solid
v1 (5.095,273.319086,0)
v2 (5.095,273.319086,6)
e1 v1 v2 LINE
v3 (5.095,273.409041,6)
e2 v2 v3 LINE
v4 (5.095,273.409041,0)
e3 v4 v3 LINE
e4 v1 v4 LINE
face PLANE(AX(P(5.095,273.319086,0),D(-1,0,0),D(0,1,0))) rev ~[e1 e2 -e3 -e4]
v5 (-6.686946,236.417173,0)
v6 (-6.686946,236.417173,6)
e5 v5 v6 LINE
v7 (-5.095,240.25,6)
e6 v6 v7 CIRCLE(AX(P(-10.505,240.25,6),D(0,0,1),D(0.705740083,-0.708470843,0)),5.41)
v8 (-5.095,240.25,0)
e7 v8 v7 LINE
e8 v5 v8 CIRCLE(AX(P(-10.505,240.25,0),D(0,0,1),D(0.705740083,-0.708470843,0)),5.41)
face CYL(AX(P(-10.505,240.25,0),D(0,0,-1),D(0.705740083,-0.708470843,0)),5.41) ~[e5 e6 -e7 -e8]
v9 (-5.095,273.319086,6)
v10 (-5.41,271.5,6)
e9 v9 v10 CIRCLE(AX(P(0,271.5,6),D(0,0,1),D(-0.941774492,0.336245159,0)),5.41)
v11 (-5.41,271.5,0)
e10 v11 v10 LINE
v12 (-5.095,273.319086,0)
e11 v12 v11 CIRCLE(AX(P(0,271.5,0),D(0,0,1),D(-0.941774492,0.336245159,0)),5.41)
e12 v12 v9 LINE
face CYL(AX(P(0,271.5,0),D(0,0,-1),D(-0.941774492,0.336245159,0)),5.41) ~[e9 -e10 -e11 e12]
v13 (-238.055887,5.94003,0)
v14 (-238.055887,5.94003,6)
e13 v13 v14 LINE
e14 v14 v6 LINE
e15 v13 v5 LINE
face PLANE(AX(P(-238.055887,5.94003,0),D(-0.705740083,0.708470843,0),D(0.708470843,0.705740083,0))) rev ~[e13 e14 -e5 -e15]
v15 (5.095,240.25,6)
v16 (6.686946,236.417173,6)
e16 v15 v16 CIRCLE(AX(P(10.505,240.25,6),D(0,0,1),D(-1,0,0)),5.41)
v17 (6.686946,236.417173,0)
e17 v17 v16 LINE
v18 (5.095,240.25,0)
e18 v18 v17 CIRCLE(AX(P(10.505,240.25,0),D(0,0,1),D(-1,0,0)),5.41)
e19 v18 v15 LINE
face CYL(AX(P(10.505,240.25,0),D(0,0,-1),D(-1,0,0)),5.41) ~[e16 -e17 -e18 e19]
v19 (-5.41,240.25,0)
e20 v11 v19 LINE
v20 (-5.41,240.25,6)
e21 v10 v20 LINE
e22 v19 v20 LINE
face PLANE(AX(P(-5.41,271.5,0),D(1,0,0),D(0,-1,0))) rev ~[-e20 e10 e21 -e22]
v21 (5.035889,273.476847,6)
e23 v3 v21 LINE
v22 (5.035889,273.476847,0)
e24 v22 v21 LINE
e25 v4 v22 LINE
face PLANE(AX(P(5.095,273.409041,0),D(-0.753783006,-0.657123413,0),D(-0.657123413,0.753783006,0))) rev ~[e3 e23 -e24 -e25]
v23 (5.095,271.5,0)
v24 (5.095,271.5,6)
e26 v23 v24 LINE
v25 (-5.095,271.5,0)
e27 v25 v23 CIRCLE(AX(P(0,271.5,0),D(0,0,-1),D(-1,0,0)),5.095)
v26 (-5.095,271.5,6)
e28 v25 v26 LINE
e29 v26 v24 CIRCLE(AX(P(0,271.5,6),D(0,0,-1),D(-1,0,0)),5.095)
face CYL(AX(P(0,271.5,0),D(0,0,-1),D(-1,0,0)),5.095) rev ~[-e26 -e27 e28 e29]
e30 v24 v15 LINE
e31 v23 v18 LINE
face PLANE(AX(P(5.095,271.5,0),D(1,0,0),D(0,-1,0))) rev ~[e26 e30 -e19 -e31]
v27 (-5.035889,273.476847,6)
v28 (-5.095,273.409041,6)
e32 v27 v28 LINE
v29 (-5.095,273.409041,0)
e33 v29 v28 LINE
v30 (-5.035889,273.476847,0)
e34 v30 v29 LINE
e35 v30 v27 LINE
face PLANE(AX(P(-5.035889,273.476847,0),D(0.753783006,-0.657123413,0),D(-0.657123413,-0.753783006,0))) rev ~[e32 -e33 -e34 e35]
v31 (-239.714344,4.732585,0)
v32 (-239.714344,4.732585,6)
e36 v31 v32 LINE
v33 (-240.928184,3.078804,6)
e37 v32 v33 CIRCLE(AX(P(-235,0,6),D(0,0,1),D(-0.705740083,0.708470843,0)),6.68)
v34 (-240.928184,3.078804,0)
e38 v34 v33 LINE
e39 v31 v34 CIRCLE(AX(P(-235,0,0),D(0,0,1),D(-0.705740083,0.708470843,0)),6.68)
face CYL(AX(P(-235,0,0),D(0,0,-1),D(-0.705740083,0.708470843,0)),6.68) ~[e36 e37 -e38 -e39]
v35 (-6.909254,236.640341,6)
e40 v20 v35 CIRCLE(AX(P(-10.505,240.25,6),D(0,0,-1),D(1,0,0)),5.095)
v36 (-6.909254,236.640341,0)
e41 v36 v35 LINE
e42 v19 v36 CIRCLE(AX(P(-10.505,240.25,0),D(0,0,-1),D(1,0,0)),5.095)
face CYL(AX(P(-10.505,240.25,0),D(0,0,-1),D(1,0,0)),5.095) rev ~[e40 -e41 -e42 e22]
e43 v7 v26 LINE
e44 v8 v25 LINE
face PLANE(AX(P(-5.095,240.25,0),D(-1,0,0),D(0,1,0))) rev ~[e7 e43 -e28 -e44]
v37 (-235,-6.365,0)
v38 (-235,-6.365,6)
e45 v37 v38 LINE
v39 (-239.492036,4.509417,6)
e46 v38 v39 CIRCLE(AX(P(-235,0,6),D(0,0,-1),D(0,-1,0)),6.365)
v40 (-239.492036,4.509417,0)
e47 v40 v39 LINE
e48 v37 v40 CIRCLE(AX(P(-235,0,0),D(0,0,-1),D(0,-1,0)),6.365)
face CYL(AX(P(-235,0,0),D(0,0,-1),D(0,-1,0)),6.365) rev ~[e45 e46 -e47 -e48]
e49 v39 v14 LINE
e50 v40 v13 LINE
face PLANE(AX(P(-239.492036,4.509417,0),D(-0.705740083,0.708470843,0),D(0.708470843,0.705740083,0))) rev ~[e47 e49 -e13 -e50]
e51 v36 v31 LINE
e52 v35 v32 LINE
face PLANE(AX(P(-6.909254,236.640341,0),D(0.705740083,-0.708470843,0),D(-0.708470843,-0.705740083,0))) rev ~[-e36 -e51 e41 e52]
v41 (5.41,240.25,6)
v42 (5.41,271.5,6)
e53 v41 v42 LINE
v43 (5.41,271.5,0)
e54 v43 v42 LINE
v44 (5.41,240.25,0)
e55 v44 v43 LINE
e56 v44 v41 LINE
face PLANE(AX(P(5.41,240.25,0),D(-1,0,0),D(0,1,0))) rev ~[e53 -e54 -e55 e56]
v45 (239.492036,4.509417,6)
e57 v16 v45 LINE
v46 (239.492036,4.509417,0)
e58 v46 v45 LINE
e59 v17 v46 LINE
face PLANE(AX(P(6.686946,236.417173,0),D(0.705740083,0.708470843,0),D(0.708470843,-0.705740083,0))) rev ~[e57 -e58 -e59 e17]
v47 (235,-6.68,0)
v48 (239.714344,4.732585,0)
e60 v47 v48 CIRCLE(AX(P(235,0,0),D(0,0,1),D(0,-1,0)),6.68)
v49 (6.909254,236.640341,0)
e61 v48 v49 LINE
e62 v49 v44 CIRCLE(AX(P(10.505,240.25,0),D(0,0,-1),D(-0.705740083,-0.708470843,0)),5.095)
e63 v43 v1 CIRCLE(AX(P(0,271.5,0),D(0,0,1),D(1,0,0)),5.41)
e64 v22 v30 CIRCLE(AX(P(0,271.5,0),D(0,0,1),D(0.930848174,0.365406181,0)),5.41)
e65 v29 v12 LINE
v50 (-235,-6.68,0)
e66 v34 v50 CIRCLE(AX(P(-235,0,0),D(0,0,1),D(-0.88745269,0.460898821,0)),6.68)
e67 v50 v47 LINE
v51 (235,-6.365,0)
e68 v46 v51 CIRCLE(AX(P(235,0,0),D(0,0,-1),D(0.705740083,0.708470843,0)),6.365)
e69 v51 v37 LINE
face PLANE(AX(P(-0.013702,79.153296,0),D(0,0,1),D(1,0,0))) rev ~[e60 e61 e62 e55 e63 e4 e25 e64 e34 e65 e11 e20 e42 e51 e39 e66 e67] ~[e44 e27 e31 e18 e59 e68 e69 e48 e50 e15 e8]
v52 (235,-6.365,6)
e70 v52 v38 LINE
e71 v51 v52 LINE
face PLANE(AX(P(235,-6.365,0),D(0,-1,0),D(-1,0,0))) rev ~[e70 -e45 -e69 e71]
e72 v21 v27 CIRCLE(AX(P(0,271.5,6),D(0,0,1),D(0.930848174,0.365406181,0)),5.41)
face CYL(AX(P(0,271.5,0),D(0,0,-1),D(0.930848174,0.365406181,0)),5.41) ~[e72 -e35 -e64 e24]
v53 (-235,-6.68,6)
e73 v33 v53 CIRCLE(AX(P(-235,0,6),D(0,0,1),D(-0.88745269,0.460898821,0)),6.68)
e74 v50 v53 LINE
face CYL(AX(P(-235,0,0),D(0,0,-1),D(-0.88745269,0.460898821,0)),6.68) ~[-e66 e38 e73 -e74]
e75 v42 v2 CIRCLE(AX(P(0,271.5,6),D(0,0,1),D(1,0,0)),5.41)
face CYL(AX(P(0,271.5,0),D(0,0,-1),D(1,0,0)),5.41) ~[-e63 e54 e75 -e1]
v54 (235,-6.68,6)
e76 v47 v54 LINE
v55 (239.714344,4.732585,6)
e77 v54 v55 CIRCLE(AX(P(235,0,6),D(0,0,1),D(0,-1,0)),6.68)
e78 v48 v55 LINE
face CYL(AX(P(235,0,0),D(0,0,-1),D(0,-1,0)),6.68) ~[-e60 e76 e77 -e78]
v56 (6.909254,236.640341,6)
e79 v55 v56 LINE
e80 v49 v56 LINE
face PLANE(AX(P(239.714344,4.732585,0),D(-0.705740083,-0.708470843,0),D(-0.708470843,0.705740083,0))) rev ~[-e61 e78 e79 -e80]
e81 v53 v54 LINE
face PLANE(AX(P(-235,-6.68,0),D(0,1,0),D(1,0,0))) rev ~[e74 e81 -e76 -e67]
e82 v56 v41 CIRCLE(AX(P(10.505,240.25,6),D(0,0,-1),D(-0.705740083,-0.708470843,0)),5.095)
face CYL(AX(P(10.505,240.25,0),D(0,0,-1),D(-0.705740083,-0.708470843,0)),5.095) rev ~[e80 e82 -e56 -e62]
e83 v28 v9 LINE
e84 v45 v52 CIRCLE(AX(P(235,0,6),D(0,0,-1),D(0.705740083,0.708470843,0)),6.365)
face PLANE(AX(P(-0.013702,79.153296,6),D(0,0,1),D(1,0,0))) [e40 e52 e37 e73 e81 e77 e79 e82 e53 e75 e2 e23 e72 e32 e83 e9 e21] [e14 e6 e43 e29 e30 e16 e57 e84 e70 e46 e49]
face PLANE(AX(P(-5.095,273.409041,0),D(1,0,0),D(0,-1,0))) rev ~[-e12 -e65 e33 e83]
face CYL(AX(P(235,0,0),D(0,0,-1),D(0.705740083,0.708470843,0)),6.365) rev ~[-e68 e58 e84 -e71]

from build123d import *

# Parameters (mm, degrees)
F1_DEPTH = 6


with BuildPart() as f1:
    # F0 (on Top) → F1 (new body)
    with BuildSketch(Plane.XY):
        with BuildLine():
            ThreePointArc((-235, -6.365), (-240.8828421892, -2.4301013922), (-239.4920355049, 4.5094170381))
            Line((-239.4920355049, 4.5094170381), (-240.9281839677, 3.0788041258))
            ThreePointArc((-240.9281839677, 3.0788041258), (-240.709151056, -3.468139879), (-235, -6.68))
            Line((-235, -6.68), (235, -6.68))
            ThreePointArc((235, -6.68), (241.1739804556, -2.5503657254), (239.7143437555, 4.7325852295))
            Line((239.7143437555, 4.7325852295), (6.9092542763, 236.6403410562))
            ThreePointArc((6.9092542763, 236.6403410562), (5.7997184217, 238.2956841942), (5.41, 240.25))
            Line((5.41, 240.25), (5.41, 271.5))
            ThreePointArc((5.41, 271.5), (5.3306683446, 272.4230790865), (5.095, 273.3190863091))
            ThreePointArc((5.095, 273.3190863091), (5.0660584486, 273.3981969854), (5.0358886206, 273.4768474399))
            ThreePointArc((5.0358886206, 273.4768474399), (0, 276.91), (-5.0358886206, 273.4768474399))
            ThreePointArc((-5.0358886206, 273.4768474399), (-5.0660584486, 273.3981969854), (-5.095, 273.3190863091))
            ThreePointArc((-5.095, 273.3190863091), (-5.3306683446, 272.4230790865), (-5.41, 271.5))
            Line((-5.41, 271.5), (-5.41, 240.25))
            ThreePointArc((-5.41, 240.25), (-5.7997184217, 238.2956841942), (-6.9092542763, 236.6403410562))
            Line((-6.9092542763, 236.6403410562), (-239.7143437555, 4.7325852295))
            ThreePointArc((-239.7143437555, 4.7325852295), (-238.931743019, 5.4003515471), (-238.0558872909, 5.9400297024))
            Line((-238.0558872909, 5.9400297024), (-6.6869461501, 236.4171727408))
            ThreePointArc((-6.6869461501, 236.4171727408), (-5.5088128874, 238.1748579962), (-5.095, 240.25))
            Line((-5.095, 240.25), (-5.095, 271.5))
            ThreePointArc((-5.095, 271.5), (0, 276.595), (5.095, 271.5))
            Line((5.095, 271.5), (5.095, 240.25))
            ThreePointArc((5.095, 240.25), (5.5088128874, 238.1748579962), (6.6869461501, 236.4171727408))
            Line((6.6869461501, 236.4171727408), (239.4920356293, 4.5094169141))
            ThreePointArc((239.4920356293, 4.5094169141), (240.8828421557, -2.4301014734), (235, -6.365))
            Line((235, -6.365), (-235, -6.365))
        make_face()
        with BuildLine():
            Line((-240.9281839677, 3.0788041258), (-239.4920355049, 4.5094170381))
            Line((-239.4920355049, 4.5094170381), (-238.0558872909, 5.9400297024))
            ThreePointArc((-238.0558872909, 5.9400297024), (-238.931743019, 5.4003515471), (-239.7143437555, 4.7325852295))
            ThreePointArc((-239.7143437555, 4.7325852295), (-240.3851273959, 3.9525691556), (-240.9281839677, 3.0788041258))
        make_face()
        with BuildLine():
            Line((-5.095, 273.4090410699), (-5.095, 273.3190863091))
            ThreePointArc((-5.095, 273.3190863091), (-5.0660584486, 273.3981969854), (-5.0358886206, 273.4768474399))
            Line((-5.0358886206, 273.4768474399), (-5.095, 273.4090410699))
        make_face()
        with BuildLine():
            Line((5.095, 273.4090410699), (5.0358886206, 273.4768474399))
            ThreePointArc((5.0358886206, 273.4768474399), (5.0660584486, 273.3981969854), (5.095, 273.3190863091))
            Line((5.095, 273.3190863091), (5.095, 273.4090410699))
        make_face()
    extrude(amount=F1_DEPTH)


solid = f1.part
